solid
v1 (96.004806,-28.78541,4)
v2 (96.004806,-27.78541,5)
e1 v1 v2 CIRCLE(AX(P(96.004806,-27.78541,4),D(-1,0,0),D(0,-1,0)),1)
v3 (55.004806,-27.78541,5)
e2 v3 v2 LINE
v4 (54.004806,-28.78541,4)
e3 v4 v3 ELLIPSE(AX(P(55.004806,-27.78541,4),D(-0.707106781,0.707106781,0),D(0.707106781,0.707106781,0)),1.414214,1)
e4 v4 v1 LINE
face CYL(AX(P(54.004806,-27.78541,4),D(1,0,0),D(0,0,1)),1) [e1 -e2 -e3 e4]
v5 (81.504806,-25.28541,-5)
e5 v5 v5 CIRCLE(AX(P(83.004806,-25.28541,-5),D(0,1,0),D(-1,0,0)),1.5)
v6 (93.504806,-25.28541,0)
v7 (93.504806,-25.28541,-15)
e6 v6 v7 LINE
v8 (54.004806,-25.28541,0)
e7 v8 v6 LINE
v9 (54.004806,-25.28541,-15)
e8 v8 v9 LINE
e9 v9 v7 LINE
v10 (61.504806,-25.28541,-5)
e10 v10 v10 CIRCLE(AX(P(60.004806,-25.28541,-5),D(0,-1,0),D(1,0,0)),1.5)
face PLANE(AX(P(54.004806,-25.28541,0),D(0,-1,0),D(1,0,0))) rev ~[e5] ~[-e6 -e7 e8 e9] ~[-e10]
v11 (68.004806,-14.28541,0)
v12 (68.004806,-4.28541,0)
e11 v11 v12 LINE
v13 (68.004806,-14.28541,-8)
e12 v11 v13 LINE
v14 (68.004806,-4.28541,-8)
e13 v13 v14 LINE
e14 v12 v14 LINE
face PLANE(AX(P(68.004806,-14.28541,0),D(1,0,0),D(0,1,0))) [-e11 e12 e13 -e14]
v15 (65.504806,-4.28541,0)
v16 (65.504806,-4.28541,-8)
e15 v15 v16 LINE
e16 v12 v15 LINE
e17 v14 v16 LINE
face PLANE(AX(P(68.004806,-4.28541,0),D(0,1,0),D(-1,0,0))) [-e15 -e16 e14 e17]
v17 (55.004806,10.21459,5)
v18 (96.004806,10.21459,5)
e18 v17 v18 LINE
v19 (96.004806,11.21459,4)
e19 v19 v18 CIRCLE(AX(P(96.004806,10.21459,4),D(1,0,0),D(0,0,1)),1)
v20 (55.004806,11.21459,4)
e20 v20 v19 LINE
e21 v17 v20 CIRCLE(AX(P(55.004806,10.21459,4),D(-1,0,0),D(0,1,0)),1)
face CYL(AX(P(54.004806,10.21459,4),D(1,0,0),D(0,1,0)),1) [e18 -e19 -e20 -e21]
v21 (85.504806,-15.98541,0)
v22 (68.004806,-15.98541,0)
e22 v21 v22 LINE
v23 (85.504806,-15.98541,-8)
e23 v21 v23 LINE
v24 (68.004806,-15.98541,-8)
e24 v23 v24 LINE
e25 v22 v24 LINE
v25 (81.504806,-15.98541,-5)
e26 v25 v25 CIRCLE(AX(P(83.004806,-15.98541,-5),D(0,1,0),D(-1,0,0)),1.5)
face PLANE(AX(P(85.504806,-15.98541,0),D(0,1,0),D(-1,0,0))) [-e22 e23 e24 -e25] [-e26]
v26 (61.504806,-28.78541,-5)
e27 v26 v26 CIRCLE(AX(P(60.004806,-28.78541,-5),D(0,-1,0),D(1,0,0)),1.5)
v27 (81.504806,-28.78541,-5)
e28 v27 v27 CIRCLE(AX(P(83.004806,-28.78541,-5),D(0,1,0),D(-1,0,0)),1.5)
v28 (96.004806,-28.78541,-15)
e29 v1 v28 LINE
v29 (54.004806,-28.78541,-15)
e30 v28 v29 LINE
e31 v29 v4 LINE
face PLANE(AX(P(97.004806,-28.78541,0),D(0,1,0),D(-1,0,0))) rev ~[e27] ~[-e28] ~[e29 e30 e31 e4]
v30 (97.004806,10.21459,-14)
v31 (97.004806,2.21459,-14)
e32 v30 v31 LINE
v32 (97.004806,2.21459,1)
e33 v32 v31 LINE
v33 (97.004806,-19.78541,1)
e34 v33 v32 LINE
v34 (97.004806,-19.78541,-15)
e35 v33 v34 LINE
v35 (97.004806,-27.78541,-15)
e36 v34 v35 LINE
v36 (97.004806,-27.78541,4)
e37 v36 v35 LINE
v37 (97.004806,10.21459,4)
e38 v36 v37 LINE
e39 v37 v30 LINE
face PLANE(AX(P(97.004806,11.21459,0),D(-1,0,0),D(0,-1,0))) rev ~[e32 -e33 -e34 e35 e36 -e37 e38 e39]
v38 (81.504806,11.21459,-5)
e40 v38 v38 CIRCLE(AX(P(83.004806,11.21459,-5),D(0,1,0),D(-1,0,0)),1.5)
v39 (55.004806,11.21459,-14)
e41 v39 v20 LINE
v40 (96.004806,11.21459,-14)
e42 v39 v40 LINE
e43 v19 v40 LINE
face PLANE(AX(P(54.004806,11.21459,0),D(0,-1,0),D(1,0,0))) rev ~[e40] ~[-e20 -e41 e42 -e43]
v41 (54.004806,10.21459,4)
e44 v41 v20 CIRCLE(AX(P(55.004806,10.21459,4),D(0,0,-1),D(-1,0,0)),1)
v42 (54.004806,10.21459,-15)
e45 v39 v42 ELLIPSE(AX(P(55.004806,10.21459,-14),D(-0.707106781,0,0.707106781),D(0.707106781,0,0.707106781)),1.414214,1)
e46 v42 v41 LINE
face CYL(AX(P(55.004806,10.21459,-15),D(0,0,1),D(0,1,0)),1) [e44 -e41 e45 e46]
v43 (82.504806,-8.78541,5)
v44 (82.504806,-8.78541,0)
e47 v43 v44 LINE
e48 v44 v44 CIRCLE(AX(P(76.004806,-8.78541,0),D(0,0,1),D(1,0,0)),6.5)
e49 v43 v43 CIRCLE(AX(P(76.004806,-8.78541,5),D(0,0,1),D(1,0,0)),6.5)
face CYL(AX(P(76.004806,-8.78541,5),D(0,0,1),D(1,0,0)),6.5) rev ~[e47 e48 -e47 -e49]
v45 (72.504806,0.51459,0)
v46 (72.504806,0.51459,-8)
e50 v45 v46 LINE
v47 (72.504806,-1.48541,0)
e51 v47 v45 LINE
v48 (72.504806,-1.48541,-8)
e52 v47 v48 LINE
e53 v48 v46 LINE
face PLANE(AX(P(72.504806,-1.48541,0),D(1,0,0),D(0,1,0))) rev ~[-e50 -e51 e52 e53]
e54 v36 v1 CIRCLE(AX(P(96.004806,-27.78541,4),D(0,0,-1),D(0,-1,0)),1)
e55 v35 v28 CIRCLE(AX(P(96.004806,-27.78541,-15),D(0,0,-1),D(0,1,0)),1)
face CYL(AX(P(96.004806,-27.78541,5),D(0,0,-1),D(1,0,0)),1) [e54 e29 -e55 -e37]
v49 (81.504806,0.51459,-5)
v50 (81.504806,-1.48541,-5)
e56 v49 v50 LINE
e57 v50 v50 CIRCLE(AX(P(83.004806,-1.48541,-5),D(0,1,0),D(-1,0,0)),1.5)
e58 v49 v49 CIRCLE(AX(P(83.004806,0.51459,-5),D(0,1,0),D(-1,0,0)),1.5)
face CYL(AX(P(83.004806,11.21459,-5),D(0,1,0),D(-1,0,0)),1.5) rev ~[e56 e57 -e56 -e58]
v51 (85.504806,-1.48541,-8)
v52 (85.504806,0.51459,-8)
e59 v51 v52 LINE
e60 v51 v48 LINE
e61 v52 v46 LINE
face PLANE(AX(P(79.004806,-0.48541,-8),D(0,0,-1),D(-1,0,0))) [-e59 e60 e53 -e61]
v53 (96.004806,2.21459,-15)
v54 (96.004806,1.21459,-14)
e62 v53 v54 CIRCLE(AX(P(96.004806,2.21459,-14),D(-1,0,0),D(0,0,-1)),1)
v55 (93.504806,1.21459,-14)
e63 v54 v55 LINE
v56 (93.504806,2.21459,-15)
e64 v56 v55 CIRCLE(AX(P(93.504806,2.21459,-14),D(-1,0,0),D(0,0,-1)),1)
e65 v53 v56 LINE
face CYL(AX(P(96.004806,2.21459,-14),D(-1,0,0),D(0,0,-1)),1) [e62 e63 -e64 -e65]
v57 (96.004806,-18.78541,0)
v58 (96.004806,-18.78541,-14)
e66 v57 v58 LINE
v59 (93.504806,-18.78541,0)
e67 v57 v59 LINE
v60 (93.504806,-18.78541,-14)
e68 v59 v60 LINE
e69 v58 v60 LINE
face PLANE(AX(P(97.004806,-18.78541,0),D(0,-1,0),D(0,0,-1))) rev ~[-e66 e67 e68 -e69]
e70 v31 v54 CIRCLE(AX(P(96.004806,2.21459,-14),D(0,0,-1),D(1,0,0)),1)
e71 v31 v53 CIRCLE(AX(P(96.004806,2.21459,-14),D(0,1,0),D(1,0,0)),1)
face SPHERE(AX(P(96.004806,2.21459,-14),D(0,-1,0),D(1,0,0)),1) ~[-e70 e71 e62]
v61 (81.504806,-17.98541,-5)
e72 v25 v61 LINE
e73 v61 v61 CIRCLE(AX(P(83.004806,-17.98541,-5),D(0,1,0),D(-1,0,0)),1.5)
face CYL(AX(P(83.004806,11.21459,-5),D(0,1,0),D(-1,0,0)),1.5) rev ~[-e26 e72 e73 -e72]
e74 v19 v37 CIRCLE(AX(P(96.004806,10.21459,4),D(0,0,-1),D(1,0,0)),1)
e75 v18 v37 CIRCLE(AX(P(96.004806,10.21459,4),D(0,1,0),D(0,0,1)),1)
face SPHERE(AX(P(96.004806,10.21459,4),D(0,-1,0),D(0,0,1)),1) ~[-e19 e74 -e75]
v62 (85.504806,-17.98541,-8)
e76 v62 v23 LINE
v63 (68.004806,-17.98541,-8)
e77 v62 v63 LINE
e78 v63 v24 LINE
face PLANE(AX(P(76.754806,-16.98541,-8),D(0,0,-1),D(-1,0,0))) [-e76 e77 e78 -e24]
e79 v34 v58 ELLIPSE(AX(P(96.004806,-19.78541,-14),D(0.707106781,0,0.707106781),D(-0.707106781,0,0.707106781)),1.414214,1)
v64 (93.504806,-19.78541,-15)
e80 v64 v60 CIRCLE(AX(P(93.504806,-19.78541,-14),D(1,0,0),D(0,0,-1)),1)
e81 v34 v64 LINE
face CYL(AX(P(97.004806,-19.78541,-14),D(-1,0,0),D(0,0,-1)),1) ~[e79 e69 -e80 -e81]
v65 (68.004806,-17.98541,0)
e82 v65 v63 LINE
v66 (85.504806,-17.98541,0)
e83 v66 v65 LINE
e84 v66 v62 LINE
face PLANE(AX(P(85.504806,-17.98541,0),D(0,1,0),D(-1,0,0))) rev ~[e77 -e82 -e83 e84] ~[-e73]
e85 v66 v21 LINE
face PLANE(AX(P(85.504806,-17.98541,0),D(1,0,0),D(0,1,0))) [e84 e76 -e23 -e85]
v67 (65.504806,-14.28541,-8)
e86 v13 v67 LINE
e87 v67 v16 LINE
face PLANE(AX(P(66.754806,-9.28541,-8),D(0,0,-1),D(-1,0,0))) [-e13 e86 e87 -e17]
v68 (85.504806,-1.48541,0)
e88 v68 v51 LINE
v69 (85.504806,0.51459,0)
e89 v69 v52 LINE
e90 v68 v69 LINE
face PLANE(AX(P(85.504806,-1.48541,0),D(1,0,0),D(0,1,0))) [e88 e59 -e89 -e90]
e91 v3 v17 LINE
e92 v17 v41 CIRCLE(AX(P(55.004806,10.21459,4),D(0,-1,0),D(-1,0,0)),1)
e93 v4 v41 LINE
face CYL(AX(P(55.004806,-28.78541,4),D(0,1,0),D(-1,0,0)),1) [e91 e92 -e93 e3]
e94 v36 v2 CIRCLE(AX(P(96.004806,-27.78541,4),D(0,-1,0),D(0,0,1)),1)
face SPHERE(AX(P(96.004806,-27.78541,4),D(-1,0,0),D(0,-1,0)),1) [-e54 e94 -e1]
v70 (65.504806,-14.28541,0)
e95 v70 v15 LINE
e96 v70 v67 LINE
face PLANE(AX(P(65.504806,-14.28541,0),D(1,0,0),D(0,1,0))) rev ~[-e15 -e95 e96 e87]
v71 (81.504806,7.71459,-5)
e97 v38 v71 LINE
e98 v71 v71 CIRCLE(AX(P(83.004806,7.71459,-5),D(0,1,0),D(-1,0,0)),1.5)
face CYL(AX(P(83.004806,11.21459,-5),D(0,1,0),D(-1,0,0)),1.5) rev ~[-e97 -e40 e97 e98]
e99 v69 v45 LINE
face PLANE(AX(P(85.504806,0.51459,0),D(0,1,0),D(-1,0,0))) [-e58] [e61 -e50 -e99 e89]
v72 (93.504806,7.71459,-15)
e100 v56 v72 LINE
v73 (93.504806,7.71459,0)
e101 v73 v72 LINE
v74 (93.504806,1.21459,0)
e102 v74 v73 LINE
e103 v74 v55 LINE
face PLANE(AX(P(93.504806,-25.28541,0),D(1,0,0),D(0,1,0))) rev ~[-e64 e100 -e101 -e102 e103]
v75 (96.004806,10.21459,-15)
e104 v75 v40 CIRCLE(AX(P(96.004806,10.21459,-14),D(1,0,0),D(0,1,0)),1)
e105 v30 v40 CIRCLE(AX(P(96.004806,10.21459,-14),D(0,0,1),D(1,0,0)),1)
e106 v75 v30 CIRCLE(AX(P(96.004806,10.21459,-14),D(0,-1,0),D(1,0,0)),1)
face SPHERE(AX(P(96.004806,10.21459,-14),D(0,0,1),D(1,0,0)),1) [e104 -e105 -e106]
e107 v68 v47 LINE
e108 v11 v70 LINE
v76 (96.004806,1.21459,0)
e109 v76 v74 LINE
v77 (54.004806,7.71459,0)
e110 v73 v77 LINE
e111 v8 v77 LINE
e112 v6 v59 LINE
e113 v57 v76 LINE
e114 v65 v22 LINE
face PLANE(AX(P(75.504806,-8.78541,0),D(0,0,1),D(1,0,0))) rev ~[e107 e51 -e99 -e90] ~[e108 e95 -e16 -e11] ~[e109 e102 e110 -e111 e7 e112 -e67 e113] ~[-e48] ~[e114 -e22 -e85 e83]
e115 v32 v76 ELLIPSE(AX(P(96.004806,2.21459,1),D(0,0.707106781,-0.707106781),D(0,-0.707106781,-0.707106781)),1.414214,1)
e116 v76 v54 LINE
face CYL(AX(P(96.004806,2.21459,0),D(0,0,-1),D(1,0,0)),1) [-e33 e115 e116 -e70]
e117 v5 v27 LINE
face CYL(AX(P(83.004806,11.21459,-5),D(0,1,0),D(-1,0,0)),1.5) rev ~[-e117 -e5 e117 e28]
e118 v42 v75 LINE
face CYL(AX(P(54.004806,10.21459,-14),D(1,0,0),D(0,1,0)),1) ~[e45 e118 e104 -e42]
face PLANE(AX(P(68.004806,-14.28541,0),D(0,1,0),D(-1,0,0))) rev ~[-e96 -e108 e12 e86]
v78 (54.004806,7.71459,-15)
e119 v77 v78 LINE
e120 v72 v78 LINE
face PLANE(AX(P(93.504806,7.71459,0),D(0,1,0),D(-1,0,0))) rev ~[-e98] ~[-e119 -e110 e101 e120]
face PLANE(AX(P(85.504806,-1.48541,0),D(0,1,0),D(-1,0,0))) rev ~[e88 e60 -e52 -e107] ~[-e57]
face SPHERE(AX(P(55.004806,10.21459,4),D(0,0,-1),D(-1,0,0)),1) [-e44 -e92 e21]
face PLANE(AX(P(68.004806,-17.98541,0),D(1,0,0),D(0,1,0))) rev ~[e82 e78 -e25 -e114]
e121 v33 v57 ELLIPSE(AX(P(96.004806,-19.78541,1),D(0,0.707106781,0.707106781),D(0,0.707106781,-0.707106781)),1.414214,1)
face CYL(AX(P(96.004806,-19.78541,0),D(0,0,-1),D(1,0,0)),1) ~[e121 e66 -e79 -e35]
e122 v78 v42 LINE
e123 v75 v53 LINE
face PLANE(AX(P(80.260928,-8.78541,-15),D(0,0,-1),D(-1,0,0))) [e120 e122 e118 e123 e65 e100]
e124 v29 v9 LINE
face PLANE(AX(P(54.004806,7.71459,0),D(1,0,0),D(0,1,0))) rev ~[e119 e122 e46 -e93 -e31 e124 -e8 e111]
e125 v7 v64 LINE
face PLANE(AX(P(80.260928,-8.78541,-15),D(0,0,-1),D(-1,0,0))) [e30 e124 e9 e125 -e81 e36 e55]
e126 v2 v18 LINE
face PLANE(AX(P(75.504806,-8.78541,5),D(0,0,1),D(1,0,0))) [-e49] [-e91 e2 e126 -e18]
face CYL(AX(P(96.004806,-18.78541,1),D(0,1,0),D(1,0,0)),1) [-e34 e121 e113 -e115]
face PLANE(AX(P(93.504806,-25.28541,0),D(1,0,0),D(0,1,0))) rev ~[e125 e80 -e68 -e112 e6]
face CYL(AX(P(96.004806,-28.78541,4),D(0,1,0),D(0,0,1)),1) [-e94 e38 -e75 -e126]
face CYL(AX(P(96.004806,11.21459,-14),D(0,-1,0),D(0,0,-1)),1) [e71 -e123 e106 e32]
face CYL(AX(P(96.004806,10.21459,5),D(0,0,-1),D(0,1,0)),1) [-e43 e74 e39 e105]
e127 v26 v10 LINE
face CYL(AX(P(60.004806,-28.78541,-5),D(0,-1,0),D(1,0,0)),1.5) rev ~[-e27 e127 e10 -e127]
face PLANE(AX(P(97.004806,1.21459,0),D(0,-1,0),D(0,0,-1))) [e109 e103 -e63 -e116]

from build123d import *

# Parameters (mm, degrees)
SKETCH1_W           = 43
SKETCH1_H           = 40
BOSS_EXTRUDE1_DEPTH = 5
SKETCH2_W           = 13
SKETCH2_H           = 2
SKETCH2_W_2         = 17.5
SKETCH2_W_3         = 2.5
SKETCH2_H_2         = 10
BOSS_EXTRUDE3_DEPTH = 8
BOSS_EXTRUDE4_DEPTH = 15
SKETCH4_R           = 1.5
CUT_EXTRUDE1_DEPTH  = 65
SKETCH6_R           = 1.5
CUT_EXTRUDE2_DEPTH  = 10
SKETCH7_R           = 6.5
CUT_EXTRUDE3_DEPTH  = 20
SKETCH8_W           = 15
SKETCH8_H           = 20
CUT_EXTRUDE4_DEPTH  = 5
FILLET1_R           = 1
FILLET2_R           = 1


with BuildPart() as part:
    # Sketch1 → Boss-Extrude1 (new body)
    with BuildSketch(Plane.XY):
        with Locations((75.504805995, -8.785410368)):
            Rectangle(SKETCH1_W, SKETCH1_H)
    extrude(amount=BOSS_EXTRUDE1_DEPTH)

    # Sketch2 → Boss-Extrude3 (add)
    with BuildSketch(Plane(origin=(0, 0, 0), x_dir=(-1, 0, 0), z_dir=(0, 0, -1))):
        with Locations((-79.004805995, -0.485410368)):
            Rectangle(SKETCH2_W, SKETCH2_H)
        with Locations((-76.754805995, -16.985410368)):
            Rectangle(SKETCH2_W_2, SKETCH2_H)
        with Locations((-66.754805995, -9.285410368)):
            Rectangle(SKETCH2_W_3, SKETCH2_H_2)
    extrude(amount=BOSS_EXTRUDE3_DEPTH)

    # Sketch3 → Boss-Extrude4 (add)
    with BuildSketch(Plane(origin=(0, 0, 0), x_dir=(-1, 0, 0), z_dir=(0, 0, -1))):
        Polygon((-54.004805995, 11.214589632), (-97.004805995, 11.214589632), (-97.004805995, -28.785410368), (-54.004805995, -28.785410368), (-54.004805995, -25.285410368), (-93.504805995, -25.285410368), (-93.504805995, 7.714589632), (-54.004805995, 7.714589632), align=None)
    extrude(amount=BOSS_EXTRUDE4_DEPTH)

    # Sketch4 → Cut-Extrude1 (cut)
    with BuildSketch(Plane(origin=(0, 11.214589632, 0), x_dir=(1, 0, 0), z_dir=(0, 1, 0))):
        with Locations(Location((83.004805995, 5, 0), (0, 0, 180))):
            Circle(SKETCH4_R)
    extrude(amount=-CUT_EXTRUDE1_DEPTH, mode=Mode.SUBTRACT)

    # Sketch6 → Cut-Extrude2 (cut)
    with BuildSketch(Plane.XZ.offset(28.785410368)):
        with Locations((60.004805995, -5)):
            Circle(SKETCH6_R)
    extrude(amount=-CUT_EXTRUDE2_DEPTH, mode=Mode.SUBTRACT)

    # Sketch7 → Cut-Extrude3 (cut)
    with BuildSketch(Plane.XY.offset(5)):
        with Locations((76.004805995, -8.785410368)):
            Circle(SKETCH7_R)
    extrude(amount=-CUT_EXTRUDE3_DEPTH, mode=Mode.SUBTRACT)

    # Sketch8 → Cut-Extrude4 (cut)
    with BuildSketch(Plane(origin=(97.004805995, 0, 0), x_dir=(0, 0, -1), z_dir=(1, 0, 0))):
        with Locations((7.5, -8.785410368)):
            Rectangle(SKETCH8_W, SKETCH8_H)
    extrude(amount=-CUT_EXTRUDE4_DEPTH, mode=Mode.SUBTRACT)

    # Fillet1
    fillet1_edges = [part.edges().sort_by_distance(p)[0] for p in [
        (54.004805995, 11.214589632, -5),
        (54.004805995, -8.785410368, 5),
        (75.504805995, -28.785410368, 5),
        (97.004805995, -28.785410368, -5),
        (97.004805995, -8.785410368, 5),
        (75.504805995, 11.214589632, 5),
        (97.004805995, 11.214589632, -5),
        (97.004805995, 6.214589632, -15),
        (75.504805995, 11.214589632, -15),
    ]]
    fillet(fillet1_edges, radius=FILLET1_R)

    # Fillet2
    fillet2_edges = [part.edges().sort_by_distance(p)[0] for p in [
        (94.754805995, 1.214589632, -15),
        (95.254805995, -18.785410368, -15),
        (97.004805995, -8.785410368, 0),
        (97.004805995, -18.785410368, -7.5),
        (97.004805995, 1.214589632, -7),
        (96.711912776, 1.214589632, -14.707106781),
    ]]
    fillet(fillet2_edges, radius=FILLET2_R)


solid = part.part
